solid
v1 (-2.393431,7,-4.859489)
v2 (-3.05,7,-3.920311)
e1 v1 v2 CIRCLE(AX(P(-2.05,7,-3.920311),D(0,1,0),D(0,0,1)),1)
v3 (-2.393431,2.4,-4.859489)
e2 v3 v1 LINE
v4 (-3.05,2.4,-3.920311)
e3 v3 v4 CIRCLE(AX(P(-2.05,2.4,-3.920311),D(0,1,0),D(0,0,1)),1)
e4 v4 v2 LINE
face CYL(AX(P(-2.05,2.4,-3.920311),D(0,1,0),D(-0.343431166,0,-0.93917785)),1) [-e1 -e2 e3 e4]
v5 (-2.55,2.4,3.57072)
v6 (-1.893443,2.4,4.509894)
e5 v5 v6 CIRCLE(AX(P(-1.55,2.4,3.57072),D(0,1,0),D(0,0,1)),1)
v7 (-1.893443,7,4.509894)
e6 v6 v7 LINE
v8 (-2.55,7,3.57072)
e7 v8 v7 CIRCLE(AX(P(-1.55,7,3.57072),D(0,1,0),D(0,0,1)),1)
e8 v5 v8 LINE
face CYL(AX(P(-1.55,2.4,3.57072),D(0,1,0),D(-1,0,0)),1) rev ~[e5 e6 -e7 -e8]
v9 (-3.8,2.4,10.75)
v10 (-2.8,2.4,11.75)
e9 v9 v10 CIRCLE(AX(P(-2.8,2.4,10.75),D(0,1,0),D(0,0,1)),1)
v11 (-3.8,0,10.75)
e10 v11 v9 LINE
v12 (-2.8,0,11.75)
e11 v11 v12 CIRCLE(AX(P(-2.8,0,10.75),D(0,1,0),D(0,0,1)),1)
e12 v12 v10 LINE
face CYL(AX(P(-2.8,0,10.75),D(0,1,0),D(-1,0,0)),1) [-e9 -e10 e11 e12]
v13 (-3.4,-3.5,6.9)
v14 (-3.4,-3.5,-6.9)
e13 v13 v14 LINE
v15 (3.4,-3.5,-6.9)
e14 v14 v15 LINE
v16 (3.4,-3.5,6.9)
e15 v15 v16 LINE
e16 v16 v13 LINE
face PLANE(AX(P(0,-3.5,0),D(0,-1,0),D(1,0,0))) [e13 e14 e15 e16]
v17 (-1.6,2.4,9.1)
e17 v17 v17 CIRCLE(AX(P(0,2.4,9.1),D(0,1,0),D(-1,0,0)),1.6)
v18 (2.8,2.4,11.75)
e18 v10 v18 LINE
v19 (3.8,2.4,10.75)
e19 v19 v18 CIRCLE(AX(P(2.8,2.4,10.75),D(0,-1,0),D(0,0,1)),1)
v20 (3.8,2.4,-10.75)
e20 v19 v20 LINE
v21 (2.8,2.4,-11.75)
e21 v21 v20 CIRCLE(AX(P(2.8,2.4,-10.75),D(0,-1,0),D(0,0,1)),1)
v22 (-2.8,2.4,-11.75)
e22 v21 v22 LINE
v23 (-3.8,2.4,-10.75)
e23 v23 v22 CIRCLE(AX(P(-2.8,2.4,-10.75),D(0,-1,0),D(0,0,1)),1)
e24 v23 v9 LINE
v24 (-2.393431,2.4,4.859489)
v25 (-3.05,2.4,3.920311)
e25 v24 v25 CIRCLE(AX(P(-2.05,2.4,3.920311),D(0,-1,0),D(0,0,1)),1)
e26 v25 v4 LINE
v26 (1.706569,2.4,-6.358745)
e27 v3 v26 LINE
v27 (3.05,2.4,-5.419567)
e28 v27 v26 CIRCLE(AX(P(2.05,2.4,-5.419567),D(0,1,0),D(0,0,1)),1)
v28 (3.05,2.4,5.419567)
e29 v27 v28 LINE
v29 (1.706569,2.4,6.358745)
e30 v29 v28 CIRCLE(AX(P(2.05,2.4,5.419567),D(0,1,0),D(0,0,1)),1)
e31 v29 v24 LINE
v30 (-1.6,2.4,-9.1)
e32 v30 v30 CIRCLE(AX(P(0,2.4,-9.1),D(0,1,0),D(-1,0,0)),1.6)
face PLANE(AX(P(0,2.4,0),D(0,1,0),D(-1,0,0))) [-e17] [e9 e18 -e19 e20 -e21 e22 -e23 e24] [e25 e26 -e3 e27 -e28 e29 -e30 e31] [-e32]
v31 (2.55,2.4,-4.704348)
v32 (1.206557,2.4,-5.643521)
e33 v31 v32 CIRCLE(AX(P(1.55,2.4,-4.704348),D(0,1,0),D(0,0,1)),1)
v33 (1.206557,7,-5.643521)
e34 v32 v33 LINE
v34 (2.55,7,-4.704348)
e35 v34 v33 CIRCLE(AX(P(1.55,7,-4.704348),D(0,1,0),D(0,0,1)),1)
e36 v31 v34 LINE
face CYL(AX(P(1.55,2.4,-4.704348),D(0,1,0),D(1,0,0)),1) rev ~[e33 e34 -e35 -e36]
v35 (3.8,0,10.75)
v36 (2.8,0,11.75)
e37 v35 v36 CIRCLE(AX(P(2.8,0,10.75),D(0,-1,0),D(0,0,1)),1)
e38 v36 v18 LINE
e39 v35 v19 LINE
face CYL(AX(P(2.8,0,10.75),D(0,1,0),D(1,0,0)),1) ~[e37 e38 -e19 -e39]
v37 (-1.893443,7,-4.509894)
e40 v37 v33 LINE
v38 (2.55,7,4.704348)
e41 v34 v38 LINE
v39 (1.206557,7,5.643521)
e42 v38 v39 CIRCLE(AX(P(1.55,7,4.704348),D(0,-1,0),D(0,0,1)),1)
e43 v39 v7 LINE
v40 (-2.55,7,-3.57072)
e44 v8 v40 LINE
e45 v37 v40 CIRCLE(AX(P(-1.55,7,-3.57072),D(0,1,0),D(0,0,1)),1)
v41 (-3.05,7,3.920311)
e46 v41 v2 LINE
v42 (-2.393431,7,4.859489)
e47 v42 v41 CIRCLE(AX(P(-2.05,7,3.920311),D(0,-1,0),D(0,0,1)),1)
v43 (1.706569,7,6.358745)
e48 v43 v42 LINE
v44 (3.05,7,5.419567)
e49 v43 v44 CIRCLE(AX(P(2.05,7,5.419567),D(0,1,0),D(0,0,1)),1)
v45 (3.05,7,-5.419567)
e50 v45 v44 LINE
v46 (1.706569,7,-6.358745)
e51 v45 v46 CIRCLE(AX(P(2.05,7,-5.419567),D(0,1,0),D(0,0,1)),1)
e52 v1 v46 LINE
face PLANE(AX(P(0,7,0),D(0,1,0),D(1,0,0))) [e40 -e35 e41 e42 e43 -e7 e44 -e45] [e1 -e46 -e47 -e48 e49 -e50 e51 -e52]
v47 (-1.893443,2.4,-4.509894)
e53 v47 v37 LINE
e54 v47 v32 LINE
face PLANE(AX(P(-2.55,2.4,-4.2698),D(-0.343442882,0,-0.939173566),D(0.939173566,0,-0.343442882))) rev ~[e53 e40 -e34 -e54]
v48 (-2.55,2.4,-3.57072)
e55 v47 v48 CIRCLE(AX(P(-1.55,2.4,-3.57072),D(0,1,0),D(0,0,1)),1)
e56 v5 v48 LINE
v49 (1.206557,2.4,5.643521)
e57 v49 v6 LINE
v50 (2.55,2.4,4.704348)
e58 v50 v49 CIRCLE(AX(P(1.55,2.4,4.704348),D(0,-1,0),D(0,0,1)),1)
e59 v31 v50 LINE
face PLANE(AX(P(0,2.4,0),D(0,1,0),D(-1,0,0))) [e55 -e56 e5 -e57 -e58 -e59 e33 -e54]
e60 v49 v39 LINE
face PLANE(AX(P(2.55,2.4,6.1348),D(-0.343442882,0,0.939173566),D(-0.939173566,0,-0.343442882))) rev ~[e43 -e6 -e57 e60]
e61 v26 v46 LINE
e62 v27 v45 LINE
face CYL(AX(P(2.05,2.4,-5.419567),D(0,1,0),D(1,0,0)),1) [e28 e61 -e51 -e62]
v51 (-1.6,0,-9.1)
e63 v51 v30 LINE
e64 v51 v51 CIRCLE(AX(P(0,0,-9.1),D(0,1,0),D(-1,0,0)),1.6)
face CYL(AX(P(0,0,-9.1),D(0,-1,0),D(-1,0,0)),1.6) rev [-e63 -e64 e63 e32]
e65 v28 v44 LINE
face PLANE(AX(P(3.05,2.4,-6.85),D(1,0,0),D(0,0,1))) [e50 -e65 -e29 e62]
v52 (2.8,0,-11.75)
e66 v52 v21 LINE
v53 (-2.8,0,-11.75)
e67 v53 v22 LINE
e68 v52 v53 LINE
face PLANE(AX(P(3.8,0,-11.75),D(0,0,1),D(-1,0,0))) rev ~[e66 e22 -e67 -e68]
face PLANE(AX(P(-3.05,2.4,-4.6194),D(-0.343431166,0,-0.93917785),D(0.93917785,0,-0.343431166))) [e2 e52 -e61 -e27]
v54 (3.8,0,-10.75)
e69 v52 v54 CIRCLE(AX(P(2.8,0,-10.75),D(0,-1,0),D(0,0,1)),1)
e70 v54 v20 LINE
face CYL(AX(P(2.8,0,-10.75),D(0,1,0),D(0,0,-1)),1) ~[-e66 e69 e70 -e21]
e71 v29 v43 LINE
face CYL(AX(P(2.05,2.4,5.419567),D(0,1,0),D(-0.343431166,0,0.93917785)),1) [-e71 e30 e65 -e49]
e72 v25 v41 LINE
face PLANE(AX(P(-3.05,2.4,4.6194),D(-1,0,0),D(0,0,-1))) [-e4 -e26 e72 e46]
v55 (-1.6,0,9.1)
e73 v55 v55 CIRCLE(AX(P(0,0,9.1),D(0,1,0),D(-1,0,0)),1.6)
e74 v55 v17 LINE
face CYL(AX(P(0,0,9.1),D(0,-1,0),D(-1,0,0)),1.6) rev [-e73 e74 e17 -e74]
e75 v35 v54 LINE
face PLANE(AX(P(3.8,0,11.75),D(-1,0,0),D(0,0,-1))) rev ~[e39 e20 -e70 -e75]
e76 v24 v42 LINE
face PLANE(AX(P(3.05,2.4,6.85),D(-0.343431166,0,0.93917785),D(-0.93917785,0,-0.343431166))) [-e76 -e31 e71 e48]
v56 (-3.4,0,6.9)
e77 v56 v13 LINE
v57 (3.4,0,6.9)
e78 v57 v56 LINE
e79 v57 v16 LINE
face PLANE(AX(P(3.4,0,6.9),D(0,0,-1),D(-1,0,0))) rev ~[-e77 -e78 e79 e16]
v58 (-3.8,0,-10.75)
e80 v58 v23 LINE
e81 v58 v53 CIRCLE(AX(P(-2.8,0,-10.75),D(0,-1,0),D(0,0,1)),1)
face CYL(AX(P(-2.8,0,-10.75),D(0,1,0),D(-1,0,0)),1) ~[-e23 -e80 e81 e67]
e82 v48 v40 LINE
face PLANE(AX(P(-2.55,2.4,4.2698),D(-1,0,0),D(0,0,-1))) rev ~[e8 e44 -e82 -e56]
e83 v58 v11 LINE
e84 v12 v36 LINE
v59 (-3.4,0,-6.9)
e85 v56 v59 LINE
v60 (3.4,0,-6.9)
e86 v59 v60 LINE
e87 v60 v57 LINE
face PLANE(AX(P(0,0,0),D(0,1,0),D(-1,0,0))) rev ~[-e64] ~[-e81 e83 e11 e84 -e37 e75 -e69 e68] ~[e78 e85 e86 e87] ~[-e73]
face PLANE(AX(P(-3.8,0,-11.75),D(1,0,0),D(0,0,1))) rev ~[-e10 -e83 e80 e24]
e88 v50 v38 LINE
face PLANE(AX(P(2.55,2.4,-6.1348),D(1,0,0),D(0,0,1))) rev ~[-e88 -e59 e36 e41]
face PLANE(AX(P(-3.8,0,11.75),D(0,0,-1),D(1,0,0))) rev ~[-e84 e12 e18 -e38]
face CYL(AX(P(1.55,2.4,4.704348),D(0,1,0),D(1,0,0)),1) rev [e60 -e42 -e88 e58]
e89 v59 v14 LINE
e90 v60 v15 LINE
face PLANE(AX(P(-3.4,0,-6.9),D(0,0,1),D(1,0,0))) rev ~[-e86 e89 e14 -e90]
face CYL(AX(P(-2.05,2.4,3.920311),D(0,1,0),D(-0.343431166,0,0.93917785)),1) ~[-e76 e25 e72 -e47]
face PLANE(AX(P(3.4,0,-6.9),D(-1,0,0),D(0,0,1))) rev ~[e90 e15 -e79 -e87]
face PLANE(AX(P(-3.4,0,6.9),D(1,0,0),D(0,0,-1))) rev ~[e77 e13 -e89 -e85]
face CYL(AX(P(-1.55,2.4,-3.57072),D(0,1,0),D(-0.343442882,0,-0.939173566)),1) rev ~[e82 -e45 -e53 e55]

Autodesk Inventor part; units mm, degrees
ref_plane "YZ Plane" through (0, 0, 0) normal (1, 0, 0) x (0, 1, 0)
ref_plane "XZ Plane" through (0, 0, 0) normal (0, 1, 0) x (-1, 0, 0)
ref_plane "XY Plane" through (0, 0, 0) normal (0, 0, 1) x (1, 0, 0)
sketch "Sketch1" plane through (0, 0, 0) normal (0, 1, 0) x (-1, 0, 0)
  line L0 (3.8, 11.75) -> (-3.8, 11.75)
  line L1 (-3.8, 11.75) -> (-3.8, -11.75)
  line L2 (-3.8, -11.75) -> (3.8, -11.75)
  line L3 (3.8, -11.75) -> (3.8, 11.75)
  circle A0 centre (0, 9.1) radius 1.6
  circle A1 centre (0, -9.1) radius 1.6
  point P0 (0, 0)
  dimension "d0" = 23.5
  dimension "d1" = 7.6
  dimension "d2" = 11.75
  dimension "d3" = 3.8
  dimension "d4" = 3.2
  dimension "d5" = 3.2
  dimension "d6" = 18.2
  dimension "d7" = 9.1
extrude "Extrusion1" add sketch "Sketch1" along normal blind 2.4
fillet "Fillet1" radius 1 4 edges at (3.8, 1.2, 11.75) (-3.8, 1.2, 11.75) (3.8, 1.2, -11.75) (-3.8, 1.2, -11.75)
sketch "Sketch2" plane through (0, 2.4, 0) normal (0, 1, 0) x (1, 0, 0)
  line L0 (-3.05, -4.6194) -> (-3.05, 4.6194)
  line L1 (-3.05, 4.6194) -> (3.05, 6.85)
  line L2 (3.05, 6.85) -> (3.05, -6.85)
  line L3 (3.05, -6.85) -> (-3.05, -4.6194)
  line L4 (2.55, -6.1348) -> (-2.55, -4.2698)
  line L5 (-2.55, -4.2698) -> (-2.55, 4.2698)
  line L6 (-2.55, 4.2698) -> (2.55, 6.1348)
  line L7 (2.55, 6.1348) -> (2.55, -6.1348)
  point P0 (0, 0)
  dimension "d11" = 69.914
  dimension "d13" = 13.7
  dimension "d14" = 6.1
  dimension "d15" = 3.05
  dimension "d17" = 0.5
  dimension "d18" = 0.5
  dimension "d19" = 0.5
  dimension "d20" = 0.5
  dimension "d21" = 6.85
  dimension "d22" = 69.914
  dimension "d23" = 69.914
extrude "Extrusion2" add sketch "Sketch2" along normal blind 4.6
fillet "Fillet2" radius 1 8 edges at (-3.05, 4.7, -4.6194) (-3.05, 4.7, 4.6194) (3.05, 4.7, 6.85) (3.05, 4.7, -6.85) (-2.55, 4.7, -4.2698) (-2.55, 4.7, 4.2698) (2.55, 4.7, -6.1348) (2.55, 4.7, 6.1348)
sketch "Sketch3" plane through (0, 0, 0) normal (0, -1, 0) x (1, 0, 0)
  line L0 (3.4, 6.9) -> (-3.4, 6.9)
  line L1 (-3.4, 6.9) -> (-3.4, -6.9)
  line L2 (-3.4, -6.9) -> (3.4, -6.9)
  line L3 (3.4, -6.9) -> (3.4, 6.9)
  point P0 (0, 0)
  dimension "d27" = 13.8
  dimension "d28" = 6.8
  dimension "d29" = 6.9
  dimension "d30" = 3.4
extrude "Extrusion3" add sketch "Sketch3" along normal blind 3.5
equation "\"d2\" = 0.5 * d0"
equation "\"d3\" = 0.5 * d1"
equation "\"d5\" = d4"
equation "\"d7\" = 0.5 * d6"
equation "\"d15\" = 0.5 * d14"
equation "\"d21\" = 0.5 * d13"
equation "\"d22\" = d11"
equation "\"d29\" = 0.5 * d27"
equation "\"d30\" = 0.5 * d28"
properties part number "15pin female connector"
